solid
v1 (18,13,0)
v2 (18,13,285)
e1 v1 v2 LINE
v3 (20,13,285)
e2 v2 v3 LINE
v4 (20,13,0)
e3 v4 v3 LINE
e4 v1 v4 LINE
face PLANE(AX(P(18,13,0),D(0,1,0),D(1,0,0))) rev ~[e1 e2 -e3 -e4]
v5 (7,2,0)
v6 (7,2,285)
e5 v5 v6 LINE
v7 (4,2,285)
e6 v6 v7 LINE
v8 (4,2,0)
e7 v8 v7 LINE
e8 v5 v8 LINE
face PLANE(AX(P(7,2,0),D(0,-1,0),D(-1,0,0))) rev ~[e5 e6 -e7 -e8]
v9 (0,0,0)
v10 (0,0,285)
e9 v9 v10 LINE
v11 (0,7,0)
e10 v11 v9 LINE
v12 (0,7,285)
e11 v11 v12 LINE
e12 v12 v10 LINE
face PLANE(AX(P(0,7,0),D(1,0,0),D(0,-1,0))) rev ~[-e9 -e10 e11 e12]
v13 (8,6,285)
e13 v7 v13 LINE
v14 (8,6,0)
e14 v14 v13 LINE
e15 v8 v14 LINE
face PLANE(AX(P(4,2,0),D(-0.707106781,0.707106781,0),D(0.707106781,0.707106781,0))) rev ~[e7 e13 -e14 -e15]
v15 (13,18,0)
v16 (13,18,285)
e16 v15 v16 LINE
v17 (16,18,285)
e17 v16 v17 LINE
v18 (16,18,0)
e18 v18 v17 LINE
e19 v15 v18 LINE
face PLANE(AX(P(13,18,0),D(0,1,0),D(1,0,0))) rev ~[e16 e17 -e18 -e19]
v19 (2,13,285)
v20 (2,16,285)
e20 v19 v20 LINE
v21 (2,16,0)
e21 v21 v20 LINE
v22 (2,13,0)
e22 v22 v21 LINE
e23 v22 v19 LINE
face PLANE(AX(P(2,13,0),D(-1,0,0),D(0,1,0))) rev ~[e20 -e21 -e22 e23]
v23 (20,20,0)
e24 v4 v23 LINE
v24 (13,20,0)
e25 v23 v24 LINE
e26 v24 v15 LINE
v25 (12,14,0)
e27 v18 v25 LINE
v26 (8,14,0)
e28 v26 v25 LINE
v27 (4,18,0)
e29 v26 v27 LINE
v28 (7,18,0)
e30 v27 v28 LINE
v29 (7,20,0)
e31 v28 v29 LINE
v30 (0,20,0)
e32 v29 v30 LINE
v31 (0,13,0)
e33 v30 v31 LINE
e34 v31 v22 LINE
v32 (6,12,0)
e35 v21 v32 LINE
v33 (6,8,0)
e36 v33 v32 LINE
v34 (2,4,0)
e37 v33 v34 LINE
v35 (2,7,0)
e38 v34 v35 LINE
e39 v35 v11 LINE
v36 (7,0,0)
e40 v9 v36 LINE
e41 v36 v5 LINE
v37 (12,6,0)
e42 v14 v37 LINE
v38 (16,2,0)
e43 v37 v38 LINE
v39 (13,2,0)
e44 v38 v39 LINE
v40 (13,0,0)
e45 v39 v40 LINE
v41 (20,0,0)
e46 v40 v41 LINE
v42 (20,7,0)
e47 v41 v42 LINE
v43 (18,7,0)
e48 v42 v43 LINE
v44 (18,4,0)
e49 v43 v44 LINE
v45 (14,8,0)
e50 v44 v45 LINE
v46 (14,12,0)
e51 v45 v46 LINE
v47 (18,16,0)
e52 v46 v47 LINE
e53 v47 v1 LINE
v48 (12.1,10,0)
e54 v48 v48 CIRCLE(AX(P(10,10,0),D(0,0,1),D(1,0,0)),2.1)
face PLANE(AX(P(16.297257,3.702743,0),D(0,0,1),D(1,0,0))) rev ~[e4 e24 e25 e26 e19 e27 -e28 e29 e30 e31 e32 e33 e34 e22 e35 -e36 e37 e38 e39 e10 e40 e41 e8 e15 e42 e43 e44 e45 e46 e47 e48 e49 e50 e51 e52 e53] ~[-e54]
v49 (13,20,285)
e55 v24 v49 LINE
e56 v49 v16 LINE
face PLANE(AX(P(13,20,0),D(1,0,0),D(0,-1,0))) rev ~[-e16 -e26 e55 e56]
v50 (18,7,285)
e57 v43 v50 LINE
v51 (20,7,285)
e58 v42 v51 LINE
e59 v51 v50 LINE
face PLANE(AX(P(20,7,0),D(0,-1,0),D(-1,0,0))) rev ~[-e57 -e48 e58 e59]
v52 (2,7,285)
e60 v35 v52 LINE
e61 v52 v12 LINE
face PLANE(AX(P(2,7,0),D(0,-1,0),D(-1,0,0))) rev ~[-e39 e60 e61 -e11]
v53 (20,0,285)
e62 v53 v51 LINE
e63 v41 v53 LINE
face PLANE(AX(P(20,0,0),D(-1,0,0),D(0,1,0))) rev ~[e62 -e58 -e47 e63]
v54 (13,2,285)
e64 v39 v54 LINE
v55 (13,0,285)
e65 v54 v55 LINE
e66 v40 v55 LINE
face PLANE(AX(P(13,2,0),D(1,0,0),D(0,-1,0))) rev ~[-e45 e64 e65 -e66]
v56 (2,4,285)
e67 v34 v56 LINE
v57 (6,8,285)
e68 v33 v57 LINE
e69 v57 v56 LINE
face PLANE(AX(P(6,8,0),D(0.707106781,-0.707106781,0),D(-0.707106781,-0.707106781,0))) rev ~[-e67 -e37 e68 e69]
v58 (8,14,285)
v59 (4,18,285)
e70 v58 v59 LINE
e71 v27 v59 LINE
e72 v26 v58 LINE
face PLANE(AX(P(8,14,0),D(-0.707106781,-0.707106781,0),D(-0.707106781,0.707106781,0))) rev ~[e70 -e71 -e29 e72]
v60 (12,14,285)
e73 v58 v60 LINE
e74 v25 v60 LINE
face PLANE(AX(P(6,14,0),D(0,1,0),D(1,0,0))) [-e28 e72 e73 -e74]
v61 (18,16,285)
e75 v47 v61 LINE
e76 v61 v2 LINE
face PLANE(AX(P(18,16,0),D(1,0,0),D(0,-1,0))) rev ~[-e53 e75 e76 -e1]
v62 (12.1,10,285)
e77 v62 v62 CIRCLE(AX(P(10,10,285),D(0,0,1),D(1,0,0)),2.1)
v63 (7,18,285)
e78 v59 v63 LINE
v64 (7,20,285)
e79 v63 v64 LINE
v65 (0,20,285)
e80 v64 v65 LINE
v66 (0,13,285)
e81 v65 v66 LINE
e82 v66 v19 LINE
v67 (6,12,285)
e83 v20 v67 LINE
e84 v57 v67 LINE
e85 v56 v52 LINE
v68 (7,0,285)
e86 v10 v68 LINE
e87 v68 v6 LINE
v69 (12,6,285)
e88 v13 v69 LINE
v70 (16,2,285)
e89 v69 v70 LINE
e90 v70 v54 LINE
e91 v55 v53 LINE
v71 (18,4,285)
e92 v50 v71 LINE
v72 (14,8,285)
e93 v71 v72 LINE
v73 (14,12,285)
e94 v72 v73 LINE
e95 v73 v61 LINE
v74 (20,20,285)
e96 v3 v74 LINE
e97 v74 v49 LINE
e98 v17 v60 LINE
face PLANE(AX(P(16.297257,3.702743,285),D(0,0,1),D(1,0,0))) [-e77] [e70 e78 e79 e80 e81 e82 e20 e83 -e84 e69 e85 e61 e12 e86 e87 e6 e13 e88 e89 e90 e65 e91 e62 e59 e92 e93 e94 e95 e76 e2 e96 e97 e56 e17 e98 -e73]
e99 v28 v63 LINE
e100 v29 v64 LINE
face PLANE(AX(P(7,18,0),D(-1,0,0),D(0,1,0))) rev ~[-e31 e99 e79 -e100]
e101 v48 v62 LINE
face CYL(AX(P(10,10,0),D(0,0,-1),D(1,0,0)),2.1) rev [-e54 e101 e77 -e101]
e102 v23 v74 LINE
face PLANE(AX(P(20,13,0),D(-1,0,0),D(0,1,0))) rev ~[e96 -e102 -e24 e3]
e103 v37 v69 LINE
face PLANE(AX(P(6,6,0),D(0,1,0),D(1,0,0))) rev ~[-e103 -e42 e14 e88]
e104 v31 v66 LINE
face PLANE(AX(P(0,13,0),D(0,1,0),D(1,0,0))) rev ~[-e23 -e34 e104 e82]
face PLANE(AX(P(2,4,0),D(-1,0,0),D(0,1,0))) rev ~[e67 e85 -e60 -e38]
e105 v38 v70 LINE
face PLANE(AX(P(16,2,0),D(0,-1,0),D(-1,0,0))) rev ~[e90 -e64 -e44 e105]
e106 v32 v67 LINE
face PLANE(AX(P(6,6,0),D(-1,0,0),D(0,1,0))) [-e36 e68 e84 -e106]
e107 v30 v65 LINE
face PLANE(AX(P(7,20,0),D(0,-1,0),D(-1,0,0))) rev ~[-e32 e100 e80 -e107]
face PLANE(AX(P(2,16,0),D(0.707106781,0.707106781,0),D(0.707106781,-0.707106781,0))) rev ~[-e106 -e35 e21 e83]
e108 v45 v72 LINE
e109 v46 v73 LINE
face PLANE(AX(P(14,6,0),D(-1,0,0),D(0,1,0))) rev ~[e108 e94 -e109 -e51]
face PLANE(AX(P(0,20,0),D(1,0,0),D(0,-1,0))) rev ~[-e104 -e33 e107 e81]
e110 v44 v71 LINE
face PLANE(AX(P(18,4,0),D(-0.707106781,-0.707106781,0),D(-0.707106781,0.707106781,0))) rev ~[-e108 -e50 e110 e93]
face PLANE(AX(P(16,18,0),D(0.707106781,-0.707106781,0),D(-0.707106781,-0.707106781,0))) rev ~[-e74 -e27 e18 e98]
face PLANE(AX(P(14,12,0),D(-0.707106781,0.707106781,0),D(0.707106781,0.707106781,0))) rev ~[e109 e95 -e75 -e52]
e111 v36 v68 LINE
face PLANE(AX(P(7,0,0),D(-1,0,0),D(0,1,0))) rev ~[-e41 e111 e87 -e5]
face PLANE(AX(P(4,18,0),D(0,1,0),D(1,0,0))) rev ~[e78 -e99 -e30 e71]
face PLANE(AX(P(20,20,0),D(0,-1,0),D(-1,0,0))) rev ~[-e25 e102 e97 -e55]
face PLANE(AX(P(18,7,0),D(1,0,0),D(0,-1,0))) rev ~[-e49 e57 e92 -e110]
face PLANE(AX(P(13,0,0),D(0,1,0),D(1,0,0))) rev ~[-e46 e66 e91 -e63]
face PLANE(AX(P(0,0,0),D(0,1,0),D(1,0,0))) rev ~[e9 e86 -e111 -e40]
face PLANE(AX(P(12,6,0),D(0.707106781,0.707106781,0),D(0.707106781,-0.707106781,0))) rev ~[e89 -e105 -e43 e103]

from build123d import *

# Parameters (mm, degrees)
SKETCH1_W           = 8
SKETCH1_H           = 8
SKETCH1_R           = 2.1
BOSS_EXTRUDE1_DEPTH = 285


with BuildPart() as part:
    # Sketch1 → Boss-Extrude1 (new body)
    # profile 1 of 5: a face of its own
    with BuildSketch(Plane.XY):
        Polygon((2, 16), (6, 12), (6, 14), (8, 14), (4, 18), (7, 18), (7, 20), (0, 20), (0, 13), (2, 13), align=None)
    # profile 2 of 5: a face of its own
    with BuildSketch(Plane.XY):
        Polygon((16, 18), (12, 14), (14, 14), (14, 12), (18, 16), (18, 13), (20, 13), (20, 20), (13, 20), (13, 18), align=None)
    # profile 3 of 5: a face of its own
    with BuildSketch(Plane.XY):
        with Locations((10, 10)):
            Rectangle(SKETCH1_W, SKETCH1_H)
        with Locations((10, 10)):
            Circle(SKETCH1_R, mode=Mode.SUBTRACT)
    # profile 4 of 5: a face of its own
    with BuildSketch(Plane.XY):
        Polygon((6, 8), (2, 4), (2, 7), (0, 7), (0, 0), (7, 0), (7, 2), (4, 2), (8, 6), (6, 6), align=None)
    # profile 5 of 5: a face of its own
    with BuildSketch(Plane.XY):
        Polygon((14, 6), (12, 6), (16, 2), (13, 2), (13, 0), (20, 0), (20, 7), (18, 7), (18, 4), (14, 8), align=None)
    extrude(amount=BOSS_EXTRUDE1_DEPTH)


solid = part.part
